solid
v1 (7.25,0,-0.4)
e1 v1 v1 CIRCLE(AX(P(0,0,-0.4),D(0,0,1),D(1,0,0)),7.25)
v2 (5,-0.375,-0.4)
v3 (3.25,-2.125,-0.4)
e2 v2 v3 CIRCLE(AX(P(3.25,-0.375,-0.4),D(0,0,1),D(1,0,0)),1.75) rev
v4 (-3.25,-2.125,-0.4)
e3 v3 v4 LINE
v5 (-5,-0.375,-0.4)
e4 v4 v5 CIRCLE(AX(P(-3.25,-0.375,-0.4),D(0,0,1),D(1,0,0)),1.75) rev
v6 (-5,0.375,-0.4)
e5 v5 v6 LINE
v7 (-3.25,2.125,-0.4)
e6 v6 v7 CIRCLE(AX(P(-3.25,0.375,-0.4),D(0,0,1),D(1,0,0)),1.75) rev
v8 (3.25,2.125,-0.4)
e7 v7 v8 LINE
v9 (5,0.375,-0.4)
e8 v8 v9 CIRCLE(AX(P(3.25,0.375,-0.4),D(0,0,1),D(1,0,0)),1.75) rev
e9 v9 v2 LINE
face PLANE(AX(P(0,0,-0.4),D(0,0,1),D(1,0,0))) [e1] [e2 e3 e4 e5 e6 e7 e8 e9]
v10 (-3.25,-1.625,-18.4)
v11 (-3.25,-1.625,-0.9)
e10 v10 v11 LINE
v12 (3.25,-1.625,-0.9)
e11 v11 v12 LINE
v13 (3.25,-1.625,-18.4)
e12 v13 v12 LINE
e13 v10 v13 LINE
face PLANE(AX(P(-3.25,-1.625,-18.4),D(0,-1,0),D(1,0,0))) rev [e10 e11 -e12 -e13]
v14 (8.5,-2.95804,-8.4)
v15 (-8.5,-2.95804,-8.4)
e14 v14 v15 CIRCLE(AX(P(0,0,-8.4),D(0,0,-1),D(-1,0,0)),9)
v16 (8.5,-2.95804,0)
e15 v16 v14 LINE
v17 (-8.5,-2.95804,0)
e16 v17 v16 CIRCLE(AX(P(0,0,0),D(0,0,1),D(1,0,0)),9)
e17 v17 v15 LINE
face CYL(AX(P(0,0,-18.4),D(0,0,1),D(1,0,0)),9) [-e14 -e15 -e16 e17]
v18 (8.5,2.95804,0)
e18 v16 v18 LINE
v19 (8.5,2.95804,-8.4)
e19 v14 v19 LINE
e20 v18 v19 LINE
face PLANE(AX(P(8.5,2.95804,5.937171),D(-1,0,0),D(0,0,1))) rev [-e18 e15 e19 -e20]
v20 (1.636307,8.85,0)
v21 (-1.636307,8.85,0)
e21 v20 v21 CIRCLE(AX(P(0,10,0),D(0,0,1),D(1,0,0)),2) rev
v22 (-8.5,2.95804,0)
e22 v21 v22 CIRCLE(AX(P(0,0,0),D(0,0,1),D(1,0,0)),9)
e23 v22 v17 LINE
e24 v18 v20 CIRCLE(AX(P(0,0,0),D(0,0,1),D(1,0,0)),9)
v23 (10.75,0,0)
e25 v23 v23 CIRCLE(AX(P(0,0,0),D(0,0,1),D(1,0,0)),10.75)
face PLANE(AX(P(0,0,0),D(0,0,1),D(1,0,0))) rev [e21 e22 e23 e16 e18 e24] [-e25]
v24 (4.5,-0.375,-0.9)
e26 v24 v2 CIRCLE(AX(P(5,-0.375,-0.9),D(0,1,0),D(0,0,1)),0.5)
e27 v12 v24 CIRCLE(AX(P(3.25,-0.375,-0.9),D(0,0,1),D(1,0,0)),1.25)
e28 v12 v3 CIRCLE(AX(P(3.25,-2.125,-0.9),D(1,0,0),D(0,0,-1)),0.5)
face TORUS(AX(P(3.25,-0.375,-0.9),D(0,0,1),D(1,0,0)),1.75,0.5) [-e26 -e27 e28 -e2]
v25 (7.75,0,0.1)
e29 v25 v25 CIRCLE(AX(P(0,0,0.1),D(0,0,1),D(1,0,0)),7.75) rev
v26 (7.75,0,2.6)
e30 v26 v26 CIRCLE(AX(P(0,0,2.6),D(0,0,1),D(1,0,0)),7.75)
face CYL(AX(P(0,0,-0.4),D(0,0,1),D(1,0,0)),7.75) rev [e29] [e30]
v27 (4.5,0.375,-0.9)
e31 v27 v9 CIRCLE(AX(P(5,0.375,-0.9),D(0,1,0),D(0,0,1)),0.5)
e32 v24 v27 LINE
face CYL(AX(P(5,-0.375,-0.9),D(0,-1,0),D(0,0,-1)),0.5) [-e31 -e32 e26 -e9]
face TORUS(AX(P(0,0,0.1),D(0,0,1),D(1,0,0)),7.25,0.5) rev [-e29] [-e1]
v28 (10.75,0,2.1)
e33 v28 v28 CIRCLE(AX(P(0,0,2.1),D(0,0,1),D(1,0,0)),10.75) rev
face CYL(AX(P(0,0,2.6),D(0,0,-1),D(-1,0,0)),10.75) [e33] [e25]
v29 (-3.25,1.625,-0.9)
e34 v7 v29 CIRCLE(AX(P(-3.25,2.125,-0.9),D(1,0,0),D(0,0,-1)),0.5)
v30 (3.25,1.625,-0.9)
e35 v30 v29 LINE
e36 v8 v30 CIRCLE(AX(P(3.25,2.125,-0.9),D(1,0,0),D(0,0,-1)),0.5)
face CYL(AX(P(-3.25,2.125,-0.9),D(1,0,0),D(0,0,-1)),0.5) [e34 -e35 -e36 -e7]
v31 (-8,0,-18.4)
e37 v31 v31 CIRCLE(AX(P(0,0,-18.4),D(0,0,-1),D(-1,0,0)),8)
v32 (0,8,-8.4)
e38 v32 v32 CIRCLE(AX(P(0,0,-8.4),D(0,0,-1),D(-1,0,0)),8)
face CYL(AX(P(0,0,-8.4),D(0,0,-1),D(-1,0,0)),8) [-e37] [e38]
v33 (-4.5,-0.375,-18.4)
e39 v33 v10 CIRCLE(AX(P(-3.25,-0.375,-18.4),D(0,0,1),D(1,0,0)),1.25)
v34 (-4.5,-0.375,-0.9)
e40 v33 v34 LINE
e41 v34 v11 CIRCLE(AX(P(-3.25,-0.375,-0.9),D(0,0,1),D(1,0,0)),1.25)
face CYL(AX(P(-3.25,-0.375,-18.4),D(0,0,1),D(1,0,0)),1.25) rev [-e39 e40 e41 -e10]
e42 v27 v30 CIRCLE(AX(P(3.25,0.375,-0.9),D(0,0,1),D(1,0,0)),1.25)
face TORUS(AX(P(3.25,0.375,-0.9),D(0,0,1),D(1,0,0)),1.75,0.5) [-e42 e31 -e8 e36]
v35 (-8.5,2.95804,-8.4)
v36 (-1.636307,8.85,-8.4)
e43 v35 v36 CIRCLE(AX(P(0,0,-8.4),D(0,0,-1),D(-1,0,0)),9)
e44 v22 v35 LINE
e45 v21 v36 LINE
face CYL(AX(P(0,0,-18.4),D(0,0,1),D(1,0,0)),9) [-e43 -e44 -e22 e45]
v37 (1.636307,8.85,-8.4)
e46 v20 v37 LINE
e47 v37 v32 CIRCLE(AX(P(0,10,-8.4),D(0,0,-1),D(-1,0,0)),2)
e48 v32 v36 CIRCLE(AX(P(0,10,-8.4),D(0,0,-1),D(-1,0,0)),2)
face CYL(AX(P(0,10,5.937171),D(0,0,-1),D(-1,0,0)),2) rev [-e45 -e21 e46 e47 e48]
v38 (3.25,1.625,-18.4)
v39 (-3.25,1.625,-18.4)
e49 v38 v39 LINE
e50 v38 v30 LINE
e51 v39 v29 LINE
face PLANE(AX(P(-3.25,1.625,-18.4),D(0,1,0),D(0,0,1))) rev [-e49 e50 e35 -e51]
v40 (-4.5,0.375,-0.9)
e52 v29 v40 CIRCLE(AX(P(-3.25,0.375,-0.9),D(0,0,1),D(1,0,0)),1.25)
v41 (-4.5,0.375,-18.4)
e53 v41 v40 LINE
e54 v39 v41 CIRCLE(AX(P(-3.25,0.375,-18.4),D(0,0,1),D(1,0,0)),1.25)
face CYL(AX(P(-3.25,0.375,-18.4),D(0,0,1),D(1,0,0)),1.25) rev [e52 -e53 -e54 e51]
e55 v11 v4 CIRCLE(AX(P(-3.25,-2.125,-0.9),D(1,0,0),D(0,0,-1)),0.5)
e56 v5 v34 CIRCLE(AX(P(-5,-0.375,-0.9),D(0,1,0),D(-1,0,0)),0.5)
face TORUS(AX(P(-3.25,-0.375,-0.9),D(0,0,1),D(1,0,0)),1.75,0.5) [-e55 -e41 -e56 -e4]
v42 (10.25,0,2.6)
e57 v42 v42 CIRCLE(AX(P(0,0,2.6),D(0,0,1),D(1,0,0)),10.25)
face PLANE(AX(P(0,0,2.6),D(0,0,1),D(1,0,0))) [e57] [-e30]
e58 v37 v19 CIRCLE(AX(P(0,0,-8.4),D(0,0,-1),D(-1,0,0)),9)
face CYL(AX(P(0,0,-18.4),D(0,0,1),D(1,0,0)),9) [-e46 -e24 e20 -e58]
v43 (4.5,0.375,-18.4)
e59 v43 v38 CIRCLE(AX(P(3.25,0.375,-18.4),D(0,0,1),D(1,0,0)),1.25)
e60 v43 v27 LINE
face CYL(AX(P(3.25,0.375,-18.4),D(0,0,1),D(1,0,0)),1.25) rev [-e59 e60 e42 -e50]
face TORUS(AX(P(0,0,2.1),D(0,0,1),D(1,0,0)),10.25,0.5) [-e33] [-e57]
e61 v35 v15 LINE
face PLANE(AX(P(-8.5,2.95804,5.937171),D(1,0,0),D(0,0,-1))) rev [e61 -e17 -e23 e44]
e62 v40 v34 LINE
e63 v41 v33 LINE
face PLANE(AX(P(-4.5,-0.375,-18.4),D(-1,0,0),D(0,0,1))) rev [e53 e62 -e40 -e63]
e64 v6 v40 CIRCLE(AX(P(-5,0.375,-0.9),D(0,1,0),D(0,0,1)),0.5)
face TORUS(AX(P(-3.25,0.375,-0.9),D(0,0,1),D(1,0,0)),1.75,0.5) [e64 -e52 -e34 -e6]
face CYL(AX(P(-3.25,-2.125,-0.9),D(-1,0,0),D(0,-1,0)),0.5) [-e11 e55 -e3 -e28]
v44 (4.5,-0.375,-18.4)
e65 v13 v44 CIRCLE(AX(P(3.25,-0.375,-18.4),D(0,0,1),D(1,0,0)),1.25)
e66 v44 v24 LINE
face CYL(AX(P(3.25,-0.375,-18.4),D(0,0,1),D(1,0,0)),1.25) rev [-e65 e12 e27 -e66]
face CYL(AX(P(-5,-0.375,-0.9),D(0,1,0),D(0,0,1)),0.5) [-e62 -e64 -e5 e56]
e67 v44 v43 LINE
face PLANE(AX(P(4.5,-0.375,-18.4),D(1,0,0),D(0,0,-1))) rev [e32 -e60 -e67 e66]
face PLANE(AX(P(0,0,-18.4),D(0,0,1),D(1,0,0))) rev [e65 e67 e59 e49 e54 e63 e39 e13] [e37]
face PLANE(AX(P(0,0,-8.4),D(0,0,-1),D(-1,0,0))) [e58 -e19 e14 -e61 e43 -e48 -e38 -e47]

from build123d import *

# Parameters (mm, degrees)
SKETCH1_R           = 9
BOSS_EXTRUDE1_DEPTH = 18.4
SKETCH2_R           = 10.75
BOSS_EXTRUDE2_DEPTH = 2.6
SKETCH3_R           = 7.75
CUT_EXTRUDE1_DEPTH  = 3
SKETCH4_R           = 9
SKETCH4_R_2         = 8
CUT_EXTRUDE2_DEPTH  = 10
CUT_EXTRUDE3_DEPTH  = 8.4
CUT_EXTRUDE4_DEPTH  = 19.4
FILLET1_R           = 0.5


with BuildPart() as part:
    # Sketch1 → Boss-Extrude1 (new body)
    with BuildSketch(Plane.XY):
        Circle(SKETCH1_R)
    extrude(amount=-BOSS_EXTRUDE1_DEPTH)

    # Sketch2 → Boss-Extrude2 (add)
    with BuildSketch(Plane.XY):
        Circle(SKETCH2_R)
    extrude(amount=BOSS_EXTRUDE2_DEPTH)

    # Sketch3 → Cut-Extrude1 (cut)
    with BuildSketch(Plane.XY.offset(2.6)):
        Circle(SKETCH3_R)
    extrude(amount=-CUT_EXTRUDE1_DEPTH, mode=Mode.SUBTRACT)

    # Sketch4 → Cut-Extrude2 (cut)
    with BuildSketch(Plane(origin=(0, 0, -18.4), x_dir=(-1, 0, 0), z_dir=(0, 0, -1))):
        Circle(SKETCH4_R)
        Circle(SKETCH4_R_2, mode=Mode.SUBTRACT)
    extrude(amount=-CUT_EXTRUDE2_DEPTH, mode=Mode.SUBTRACT)

    # Sketch5 → Cut-Extrude3 (cut)
    with BuildSketch(Plane(origin=(0, 0, -8.4), x_dir=(-1, 0, 0), z_dir=(0, 0, -1))):
        with BuildLine():
            Line((-8.5, 2.958039892), (-8.5, -2.958039892))
            ThreePointArc((-8.5, -2.958039892), (-9, 0), (-8.5, 2.958039892))
        make_face()
        with BuildLine():
            Line((8.5, 2.958039892), (8.5, -2.958039892))
            ThreePointArc((8.5, -2.958039892), (9, 0), (8.5, 2.958039892))
        make_face()
        with BuildLine():
            ThreePointArc((-1.636306817, 8.85), (0, 8), (1.636306817, 8.85))
            ThreePointArc((1.636306817, 8.85), (0, 9), (-1.636306817, 8.85))
        make_face()
    extrude(amount=-CUT_EXTRUDE3_DEPTH, mode=Mode.SUBTRACT)

    # Sketch6 → Cut-Extrude4 (cut, through all)
    with BuildSketch(Plane.XY):
        with BuildLine():
            Line((-3.25, 1.625), (3.25, 1.625))
            ThreePointArc((3.25, 1.625), (4.133883476, 1.258883476), (4.5, 0.375))
            Line((4.5, 0.375), (4.5, -0.375))
            ThreePointArc((4.5, -0.375), (4.133883476, -1.258883476), (3.25, -1.625))
            Line((3.25, -1.625), (-3.25, -1.625))
            ThreePointArc((-3.25, -1.625), (-4.133883476, -1.258883476), (-4.5, -0.375))
            Line((-4.5, -0.375), (-4.5, 0.375))
            ThreePointArc((-4.5, 0.375), (-4.133883476, 1.258883476), (-3.25, 1.625))
        make_face()
    extrude(amount=-CUT_EXTRUDE4_DEPTH, mode=Mode.SUBTRACT)

    # Fillet1
    fillet1_edges = [part.edges().sort_by_distance(p)[0] for p in [
        (-7.75, 0, -0.4),
        (-4.133883476, 1.258883476, -0.4),
        (0, 1.625, -0.4),
        (4.133883476, 1.258883476, -0.4),
        (4.5, 0, -0.4),
        (4.133883476, -1.258883476, -0.4),
        (0, -1.625, -0.4),
        (-4.133883476, -1.258883476, -0.4),
        (-4.5, 0, -0.4),
        (-10.75, 0, 2.6),
    ]]
    fillet(fillet1_edges, radius=FILLET1_R)


solid = part.part
